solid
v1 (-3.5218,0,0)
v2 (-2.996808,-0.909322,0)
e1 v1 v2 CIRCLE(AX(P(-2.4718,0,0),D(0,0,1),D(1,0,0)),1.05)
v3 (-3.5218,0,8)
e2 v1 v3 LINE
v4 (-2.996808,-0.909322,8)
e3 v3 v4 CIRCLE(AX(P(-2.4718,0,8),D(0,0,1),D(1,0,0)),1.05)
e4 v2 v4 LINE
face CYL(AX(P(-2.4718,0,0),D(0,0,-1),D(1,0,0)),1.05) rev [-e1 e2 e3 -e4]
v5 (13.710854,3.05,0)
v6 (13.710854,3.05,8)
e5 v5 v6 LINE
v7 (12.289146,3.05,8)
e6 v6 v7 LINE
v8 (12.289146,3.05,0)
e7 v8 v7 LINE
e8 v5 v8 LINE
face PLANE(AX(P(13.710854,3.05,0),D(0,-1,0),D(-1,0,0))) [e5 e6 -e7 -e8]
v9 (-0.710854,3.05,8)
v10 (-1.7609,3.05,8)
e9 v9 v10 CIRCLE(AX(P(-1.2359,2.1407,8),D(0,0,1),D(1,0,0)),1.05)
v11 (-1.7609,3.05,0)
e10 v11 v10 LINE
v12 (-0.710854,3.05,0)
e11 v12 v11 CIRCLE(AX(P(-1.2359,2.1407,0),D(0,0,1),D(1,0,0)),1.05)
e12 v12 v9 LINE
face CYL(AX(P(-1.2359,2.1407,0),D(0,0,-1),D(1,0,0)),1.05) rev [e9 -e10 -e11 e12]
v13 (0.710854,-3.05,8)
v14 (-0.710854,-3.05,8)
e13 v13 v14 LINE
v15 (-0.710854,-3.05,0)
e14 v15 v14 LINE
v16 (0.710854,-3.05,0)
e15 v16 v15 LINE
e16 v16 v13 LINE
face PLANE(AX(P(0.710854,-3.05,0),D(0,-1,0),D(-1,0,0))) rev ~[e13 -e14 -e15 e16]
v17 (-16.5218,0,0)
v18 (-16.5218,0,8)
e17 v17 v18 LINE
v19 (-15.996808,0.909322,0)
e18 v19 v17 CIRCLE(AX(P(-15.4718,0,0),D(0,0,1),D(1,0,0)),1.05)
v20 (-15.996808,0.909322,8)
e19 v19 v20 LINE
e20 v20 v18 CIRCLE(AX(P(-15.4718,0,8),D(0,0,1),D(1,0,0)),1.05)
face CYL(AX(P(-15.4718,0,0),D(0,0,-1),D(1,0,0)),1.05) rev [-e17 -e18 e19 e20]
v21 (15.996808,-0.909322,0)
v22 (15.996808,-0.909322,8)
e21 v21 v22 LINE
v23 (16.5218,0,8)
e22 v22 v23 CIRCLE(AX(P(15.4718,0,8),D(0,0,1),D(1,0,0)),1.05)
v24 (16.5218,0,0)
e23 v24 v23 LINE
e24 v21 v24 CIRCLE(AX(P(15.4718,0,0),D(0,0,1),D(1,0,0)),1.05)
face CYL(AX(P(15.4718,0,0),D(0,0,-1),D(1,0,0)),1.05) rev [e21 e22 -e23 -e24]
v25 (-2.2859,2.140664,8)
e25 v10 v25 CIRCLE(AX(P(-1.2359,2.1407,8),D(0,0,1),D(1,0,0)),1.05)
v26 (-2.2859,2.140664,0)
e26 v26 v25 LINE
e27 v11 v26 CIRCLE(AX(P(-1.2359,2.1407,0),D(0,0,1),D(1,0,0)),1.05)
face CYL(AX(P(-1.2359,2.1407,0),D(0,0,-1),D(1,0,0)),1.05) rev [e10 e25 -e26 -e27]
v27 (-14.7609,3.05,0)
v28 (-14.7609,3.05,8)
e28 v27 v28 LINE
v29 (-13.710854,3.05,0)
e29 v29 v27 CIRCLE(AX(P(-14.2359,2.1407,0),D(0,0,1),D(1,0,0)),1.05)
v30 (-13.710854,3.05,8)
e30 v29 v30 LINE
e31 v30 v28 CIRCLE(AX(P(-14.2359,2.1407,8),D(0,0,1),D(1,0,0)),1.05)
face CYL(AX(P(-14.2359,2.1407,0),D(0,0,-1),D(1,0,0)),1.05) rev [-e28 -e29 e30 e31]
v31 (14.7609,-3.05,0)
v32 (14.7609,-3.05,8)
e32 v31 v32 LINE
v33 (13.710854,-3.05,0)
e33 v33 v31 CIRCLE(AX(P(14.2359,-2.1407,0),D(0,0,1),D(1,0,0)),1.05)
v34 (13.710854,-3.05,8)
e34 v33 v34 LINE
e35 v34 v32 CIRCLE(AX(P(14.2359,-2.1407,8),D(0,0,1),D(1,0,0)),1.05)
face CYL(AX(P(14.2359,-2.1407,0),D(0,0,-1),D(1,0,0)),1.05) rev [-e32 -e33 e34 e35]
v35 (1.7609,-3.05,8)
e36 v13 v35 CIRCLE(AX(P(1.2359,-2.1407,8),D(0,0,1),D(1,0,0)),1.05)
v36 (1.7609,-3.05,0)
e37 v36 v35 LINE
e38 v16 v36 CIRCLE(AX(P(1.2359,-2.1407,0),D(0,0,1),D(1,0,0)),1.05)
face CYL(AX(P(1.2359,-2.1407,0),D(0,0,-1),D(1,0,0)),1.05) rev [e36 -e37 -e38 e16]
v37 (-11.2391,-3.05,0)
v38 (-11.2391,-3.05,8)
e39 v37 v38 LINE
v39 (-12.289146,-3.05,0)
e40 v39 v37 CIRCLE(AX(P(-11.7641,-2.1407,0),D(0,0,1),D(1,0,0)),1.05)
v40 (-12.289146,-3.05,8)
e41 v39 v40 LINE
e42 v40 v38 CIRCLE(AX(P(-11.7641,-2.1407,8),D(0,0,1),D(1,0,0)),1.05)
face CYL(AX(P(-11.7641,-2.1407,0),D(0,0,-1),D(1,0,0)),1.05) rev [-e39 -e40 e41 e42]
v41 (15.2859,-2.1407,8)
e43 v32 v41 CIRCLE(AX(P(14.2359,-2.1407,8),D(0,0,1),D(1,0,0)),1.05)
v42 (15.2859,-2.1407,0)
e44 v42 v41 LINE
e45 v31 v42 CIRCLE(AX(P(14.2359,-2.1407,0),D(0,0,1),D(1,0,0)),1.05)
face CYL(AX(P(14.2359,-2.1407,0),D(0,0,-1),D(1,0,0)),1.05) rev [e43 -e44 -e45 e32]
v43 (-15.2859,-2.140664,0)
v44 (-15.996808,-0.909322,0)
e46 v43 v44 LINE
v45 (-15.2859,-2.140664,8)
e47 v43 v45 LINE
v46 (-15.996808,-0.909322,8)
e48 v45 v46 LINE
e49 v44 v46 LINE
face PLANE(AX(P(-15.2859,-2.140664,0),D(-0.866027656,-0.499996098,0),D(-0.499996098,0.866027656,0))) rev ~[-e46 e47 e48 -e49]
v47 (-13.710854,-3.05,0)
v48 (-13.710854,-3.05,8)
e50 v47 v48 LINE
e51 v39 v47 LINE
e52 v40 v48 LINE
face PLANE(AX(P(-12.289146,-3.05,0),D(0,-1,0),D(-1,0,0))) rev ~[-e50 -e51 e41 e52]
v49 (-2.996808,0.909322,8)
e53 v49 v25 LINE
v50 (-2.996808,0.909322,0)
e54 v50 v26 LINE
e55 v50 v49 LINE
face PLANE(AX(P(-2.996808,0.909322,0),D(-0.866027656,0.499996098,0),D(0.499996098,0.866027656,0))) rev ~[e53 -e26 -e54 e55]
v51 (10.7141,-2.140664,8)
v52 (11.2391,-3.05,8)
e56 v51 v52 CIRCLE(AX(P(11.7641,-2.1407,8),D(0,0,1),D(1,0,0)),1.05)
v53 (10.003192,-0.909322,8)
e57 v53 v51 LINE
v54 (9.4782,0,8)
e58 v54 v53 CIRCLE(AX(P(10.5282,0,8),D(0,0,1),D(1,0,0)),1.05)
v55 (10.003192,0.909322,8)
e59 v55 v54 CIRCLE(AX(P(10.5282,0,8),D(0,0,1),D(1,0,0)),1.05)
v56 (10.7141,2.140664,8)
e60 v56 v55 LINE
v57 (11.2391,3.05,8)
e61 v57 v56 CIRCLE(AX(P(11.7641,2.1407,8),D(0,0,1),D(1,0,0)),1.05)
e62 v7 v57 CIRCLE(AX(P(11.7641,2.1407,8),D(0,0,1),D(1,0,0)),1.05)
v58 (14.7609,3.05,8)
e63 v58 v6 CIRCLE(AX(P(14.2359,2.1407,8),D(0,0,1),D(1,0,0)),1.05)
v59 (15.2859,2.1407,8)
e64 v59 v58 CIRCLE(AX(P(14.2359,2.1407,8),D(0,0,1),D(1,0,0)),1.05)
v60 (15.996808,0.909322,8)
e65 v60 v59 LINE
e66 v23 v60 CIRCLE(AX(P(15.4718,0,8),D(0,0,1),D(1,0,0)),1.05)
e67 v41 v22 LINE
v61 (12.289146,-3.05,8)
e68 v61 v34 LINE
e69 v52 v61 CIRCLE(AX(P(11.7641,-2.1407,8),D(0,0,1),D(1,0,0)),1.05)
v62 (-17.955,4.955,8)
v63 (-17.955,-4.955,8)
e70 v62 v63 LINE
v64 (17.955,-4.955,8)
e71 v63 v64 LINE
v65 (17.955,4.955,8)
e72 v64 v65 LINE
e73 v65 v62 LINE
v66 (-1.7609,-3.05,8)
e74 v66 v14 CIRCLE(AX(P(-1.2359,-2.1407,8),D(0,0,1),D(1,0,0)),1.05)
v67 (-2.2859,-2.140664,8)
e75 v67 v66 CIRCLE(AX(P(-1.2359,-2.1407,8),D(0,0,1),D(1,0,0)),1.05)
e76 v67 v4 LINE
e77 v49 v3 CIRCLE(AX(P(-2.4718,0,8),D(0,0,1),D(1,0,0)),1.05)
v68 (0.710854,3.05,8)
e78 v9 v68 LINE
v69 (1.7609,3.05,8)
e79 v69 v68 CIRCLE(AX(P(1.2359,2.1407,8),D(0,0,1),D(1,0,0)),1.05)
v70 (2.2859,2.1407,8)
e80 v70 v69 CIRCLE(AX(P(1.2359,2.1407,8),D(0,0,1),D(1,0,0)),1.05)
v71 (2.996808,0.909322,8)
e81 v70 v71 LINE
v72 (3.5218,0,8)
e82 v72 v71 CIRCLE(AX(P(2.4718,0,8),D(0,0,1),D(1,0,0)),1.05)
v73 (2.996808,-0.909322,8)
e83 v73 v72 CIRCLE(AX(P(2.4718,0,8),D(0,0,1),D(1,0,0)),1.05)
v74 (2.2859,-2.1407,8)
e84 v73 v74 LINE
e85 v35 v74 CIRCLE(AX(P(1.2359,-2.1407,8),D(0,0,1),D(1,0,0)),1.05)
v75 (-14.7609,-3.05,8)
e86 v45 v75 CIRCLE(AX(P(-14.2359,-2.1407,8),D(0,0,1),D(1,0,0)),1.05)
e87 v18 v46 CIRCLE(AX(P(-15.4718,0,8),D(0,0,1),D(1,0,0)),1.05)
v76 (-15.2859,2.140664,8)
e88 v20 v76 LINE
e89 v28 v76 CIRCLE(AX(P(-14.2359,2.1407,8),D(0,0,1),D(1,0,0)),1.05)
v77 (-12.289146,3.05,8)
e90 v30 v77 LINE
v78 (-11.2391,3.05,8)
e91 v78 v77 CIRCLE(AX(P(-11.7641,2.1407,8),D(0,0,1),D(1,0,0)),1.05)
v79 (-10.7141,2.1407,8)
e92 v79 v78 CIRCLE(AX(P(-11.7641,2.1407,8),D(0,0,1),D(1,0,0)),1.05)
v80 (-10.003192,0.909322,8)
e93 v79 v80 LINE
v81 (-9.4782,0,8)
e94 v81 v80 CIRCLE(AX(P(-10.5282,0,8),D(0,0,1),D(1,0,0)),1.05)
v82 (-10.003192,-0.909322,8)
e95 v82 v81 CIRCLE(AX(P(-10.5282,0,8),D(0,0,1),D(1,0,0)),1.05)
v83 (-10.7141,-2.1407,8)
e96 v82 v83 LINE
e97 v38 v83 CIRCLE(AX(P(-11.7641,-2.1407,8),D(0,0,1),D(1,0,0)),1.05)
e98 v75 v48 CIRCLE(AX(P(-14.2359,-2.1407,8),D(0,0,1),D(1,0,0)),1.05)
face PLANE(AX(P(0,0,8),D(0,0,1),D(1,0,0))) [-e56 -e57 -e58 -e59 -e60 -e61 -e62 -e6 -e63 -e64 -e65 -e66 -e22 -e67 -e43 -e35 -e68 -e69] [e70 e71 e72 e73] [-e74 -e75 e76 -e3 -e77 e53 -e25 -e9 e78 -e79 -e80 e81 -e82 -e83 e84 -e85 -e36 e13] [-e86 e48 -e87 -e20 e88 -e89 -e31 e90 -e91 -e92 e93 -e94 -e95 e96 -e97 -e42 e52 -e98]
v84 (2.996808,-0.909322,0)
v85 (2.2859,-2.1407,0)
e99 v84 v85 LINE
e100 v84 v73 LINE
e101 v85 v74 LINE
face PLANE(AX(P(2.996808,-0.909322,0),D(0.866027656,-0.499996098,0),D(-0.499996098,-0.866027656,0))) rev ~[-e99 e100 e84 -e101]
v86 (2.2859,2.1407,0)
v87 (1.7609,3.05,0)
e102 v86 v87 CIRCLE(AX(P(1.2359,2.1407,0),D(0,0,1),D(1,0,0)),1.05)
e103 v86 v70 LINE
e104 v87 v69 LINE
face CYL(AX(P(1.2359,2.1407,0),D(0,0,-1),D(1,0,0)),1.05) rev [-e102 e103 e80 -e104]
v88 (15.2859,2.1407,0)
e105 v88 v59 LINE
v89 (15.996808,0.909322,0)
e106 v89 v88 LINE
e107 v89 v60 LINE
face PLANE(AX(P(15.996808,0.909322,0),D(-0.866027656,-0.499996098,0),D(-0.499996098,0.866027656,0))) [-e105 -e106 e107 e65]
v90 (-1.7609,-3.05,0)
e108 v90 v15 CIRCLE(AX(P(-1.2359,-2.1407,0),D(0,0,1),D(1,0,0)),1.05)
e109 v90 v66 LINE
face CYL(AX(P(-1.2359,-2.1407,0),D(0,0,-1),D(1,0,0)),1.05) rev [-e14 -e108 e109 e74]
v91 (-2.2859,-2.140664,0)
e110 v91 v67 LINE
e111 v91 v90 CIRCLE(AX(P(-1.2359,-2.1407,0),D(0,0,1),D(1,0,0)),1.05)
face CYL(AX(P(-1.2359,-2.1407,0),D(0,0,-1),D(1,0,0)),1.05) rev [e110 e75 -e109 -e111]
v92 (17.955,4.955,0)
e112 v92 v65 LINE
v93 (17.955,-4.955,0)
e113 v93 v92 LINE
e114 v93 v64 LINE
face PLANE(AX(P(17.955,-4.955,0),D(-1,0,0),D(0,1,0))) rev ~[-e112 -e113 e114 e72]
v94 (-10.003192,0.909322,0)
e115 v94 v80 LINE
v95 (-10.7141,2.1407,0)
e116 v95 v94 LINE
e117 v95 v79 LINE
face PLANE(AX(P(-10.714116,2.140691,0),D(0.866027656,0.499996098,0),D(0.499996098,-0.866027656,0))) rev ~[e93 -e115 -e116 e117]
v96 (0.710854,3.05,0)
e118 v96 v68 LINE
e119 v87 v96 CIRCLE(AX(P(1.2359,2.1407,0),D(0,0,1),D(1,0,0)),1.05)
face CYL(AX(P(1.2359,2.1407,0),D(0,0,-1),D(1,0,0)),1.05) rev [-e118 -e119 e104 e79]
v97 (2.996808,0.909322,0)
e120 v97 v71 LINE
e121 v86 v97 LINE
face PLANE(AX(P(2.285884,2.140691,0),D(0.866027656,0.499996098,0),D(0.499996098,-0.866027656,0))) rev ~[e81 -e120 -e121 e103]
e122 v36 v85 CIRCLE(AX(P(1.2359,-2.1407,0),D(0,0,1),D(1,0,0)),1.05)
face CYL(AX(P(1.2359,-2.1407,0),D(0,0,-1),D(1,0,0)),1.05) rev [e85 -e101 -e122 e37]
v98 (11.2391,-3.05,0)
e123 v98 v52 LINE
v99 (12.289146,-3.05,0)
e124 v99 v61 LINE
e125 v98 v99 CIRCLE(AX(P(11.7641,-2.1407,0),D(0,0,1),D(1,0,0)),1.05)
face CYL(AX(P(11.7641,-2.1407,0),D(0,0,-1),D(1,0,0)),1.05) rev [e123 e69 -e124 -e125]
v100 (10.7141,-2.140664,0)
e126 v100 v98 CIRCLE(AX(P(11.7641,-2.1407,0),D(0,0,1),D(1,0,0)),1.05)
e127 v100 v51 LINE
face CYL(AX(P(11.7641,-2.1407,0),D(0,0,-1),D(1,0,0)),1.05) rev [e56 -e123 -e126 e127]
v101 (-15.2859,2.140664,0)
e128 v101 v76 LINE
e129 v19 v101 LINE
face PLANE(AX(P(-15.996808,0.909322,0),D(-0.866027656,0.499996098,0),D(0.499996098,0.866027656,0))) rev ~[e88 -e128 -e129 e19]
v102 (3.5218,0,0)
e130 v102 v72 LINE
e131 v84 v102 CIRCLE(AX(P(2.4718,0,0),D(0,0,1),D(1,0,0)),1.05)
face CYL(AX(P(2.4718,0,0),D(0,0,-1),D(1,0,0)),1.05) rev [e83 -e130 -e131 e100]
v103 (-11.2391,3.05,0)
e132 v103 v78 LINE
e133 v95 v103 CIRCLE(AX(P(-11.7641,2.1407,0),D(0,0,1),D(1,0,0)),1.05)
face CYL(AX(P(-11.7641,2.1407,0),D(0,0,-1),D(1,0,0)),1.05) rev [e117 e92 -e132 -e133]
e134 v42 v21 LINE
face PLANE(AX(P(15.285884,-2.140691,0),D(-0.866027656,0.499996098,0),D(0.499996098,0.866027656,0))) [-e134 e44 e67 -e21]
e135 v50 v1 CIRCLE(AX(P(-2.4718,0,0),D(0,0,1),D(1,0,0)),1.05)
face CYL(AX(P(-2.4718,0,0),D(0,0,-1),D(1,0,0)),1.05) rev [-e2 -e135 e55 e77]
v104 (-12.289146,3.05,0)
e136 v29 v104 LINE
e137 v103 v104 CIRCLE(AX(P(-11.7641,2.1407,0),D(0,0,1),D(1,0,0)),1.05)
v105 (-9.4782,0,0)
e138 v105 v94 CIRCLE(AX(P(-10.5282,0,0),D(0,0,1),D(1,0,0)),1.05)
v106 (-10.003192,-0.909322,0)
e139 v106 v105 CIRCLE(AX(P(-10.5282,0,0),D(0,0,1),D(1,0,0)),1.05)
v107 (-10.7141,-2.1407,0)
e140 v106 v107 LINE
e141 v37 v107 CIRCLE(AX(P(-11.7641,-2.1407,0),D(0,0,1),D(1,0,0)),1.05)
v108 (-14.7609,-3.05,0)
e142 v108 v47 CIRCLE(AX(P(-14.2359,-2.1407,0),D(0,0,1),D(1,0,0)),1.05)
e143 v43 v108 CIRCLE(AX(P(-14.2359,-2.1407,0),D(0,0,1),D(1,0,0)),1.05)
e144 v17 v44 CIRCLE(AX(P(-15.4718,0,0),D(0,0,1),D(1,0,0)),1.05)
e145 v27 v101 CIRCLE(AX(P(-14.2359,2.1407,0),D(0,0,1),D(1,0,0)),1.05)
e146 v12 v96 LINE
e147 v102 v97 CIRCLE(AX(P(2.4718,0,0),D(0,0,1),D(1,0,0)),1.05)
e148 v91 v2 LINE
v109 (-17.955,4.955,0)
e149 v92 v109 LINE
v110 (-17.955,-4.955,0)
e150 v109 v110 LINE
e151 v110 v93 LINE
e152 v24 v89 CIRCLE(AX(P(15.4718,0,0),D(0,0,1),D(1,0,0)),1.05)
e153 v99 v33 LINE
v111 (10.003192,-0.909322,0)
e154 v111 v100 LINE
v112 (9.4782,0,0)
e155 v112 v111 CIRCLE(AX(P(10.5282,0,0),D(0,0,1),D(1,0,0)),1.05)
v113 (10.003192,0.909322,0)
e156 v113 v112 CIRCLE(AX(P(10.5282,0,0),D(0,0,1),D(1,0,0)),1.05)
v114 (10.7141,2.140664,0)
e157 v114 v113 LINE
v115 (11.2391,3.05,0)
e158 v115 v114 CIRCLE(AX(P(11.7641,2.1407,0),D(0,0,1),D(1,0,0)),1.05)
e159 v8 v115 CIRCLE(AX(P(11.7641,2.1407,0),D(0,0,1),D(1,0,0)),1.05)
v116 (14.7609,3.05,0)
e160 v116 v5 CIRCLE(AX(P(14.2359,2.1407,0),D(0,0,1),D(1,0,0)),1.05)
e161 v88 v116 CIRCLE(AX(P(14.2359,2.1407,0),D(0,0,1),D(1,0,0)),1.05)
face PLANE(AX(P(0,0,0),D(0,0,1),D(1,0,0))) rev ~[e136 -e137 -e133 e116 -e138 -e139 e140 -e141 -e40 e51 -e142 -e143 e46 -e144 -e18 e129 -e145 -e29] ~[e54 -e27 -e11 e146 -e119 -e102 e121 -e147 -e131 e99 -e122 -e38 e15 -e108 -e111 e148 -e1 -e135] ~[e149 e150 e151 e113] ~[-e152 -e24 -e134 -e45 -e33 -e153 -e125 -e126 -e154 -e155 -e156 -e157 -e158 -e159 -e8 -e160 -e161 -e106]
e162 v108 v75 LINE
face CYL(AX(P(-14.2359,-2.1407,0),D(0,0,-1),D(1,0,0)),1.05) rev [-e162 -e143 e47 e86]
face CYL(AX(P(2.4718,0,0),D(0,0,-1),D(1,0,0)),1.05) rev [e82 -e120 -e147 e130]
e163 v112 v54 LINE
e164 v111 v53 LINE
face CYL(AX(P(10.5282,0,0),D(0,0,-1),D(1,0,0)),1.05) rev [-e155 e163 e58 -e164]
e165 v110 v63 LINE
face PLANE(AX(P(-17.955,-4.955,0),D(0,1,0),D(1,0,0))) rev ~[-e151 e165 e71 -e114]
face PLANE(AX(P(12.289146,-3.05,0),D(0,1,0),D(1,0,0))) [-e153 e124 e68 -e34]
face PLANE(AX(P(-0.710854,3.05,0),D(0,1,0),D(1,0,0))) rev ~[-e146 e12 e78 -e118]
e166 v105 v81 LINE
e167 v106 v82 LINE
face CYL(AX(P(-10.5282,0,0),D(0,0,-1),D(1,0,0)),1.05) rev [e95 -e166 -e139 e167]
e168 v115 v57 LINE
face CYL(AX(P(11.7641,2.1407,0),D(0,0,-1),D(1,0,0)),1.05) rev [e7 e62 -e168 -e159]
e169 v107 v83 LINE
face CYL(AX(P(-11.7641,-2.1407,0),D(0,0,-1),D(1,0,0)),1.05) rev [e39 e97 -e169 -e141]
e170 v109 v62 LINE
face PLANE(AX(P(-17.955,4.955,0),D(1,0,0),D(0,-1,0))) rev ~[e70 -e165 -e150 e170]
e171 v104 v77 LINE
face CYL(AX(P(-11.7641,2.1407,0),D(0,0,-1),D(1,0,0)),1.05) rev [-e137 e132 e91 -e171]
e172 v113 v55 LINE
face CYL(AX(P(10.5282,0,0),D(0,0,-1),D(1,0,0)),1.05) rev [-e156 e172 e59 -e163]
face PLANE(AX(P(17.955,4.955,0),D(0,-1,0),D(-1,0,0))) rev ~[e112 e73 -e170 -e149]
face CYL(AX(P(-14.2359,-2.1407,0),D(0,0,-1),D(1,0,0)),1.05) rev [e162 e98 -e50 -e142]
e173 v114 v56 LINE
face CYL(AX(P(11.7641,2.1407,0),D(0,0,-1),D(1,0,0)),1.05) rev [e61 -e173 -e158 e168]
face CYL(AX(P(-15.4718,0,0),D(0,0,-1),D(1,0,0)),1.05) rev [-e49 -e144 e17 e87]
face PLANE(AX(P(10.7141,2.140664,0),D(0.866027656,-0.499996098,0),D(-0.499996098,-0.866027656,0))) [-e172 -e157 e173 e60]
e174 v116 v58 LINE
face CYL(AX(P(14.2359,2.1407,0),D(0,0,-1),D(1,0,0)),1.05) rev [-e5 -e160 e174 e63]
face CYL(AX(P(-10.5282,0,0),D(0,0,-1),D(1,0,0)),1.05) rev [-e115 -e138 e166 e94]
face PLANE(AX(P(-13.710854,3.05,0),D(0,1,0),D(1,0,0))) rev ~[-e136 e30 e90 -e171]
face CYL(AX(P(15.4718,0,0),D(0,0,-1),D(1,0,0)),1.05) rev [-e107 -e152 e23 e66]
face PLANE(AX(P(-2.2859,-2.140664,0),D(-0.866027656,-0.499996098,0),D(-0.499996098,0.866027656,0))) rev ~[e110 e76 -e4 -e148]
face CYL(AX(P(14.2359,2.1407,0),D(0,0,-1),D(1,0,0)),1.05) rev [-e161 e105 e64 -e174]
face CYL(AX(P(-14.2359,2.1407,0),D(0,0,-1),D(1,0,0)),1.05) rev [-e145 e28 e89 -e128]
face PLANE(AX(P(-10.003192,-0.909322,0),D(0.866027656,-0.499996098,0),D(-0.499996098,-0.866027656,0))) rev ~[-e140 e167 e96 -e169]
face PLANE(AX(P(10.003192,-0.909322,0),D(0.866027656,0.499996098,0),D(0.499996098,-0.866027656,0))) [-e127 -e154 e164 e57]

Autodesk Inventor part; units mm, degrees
ref_plane "YZ Plane" through (0, 0, 0) normal (1, 0, 0) x (0, 1, 0)
ref_plane "XZ Plane" through (0, 0, 0) normal (0, 1, 0) x (-1, 0, 0)
ref_plane "XY Plane" through (0, 0, 0) normal (0, 0, 1) x (1, 0, 0)
sketch "スケッチ1" plane through (0, 0, 0) normal (0, 0, 1) x (1, 0, 0)
  line L0 (-17.955, -4.955) -> (17.955, -4.955)
  line L1 (17.955, -4.955) -> (17.955, 4.955)
  line L2 (17.955, 4.955) -> (-17.955, 4.955)
  line L3 (-17.955, 4.955) -> (-17.955, -4.955)
  line L4 (-17.955, -4.955) -> (17.955, 4.955) construction
  line L5 (17.955, -4.955) -> (-17.955, 4.955) construction
  circle A0 centre (-13, 0) radius 1.55
  circle A1 centre (0, 0) radius 1.55
  line L6 (0, 0) -> (0, 4.955) construction
  line L7 (-12.5995, 4.955) -> (4.4005, 4.955) construction
  line L8 (-8.5, -4) -> (8.5, -4) construction
  line L9 (-11.2391, -3.05) -> (-14.7609, -3.05)
  line L10 (-14.7609, -3.05) -> (-16.5218, 0)
  line L11 (-16.5218, 0) -> (-14.7609, 3.05)
  line L12 (-14.7609, 3.05) -> (-11.2391, 3.05)
  line L13 (-11.2391, 3.05) -> (-9.4782, 0)
  line L14 (-9.4782, 0) -> (-11.2391, -3.05)
  circle A2 centre (-15.4718, 0) radius 1.05
  circle A3 centre (-14.2359, -2.1407) radius 1.05
  circle A4 centre (-11.7641, -2.1407) radius 1.05
  circle A5 centre (-10.5282, 0) radius 1.05
  circle A6 centre (-11.7641, 2.1407) radius 1.05
  circle A7 centre (-14.2359, 2.1407) radius 1.05
  circle A8 centre (13, 0) radius 1.55
  line L15 (11.2391, -3.05) -> (14.7609, -3.05)
  line L16 (14.7609, -3.05) -> (16.5218, 0)
  line L17 (16.5218, 0) -> (14.7609, 3.05)
  line L18 (14.7609, 3.05) -> (11.2391, 3.05)
  line L19 (11.2391, 3.05) -> (9.4782, 0)
  line L20 (9.4782, 0) -> (11.2391, -3.05)
  circle A9 centre (15.4718, 0) radius 1.05
  circle A10 centre (14.2359, -2.1407) radius 1.05
  circle A11 centre (11.7641, -2.1407) radius 1.05
  circle A12 centre (10.5282, 0) radius 1.05
  circle A13 centre (11.7641, 2.1407) radius 1.05
  circle A14 centre (14.2359, 2.1407) radius 1.05
  circle A15 centre (-13, 0) radius 4.955 construction
  line L21 (1.7609, -3.05) -> (-1.7609, -3.05)
  line L22 (-1.7609, -3.05) -> (-3.5218, 0)
  line L23 (-3.5218, 0) -> (-1.7609, 3.05)
  line L24 (-1.7609, 3.05) -> (1.7609, 3.05)
  line L25 (1.7609, 3.05) -> (3.5218, 0)
  line L26 (3.5218, 0) -> (1.7609, -3.05)
  circle A16 centre (-2.4718, 0) radius 1.05
  circle A17 centre (-1.2359, -2.1407) radius 1.05
  circle A18 centre (1.2359, -2.1407) radius 1.05
  circle A19 centre (2.4718, 0) radius 1.05
  circle A20 centre (1.2359, 2.1407) radius 1.05
  circle A21 centre (-1.2359, 2.1407) radius 1.05
  point P0 (-11.2391, -3.05)
  point P1 (-9.4782, 0)
  point P2 (-11.2391, 3.05)
  point P3 (-14.7609, 3.05)
  point P4 (11.2391, -3.05)
  point P5 (9.4782, 0)
  point P6 (11.2391, 3.05)
  point P7 (14.7609, 3.05)
  point P8 (-1.7609, -3.05)
  point P9 (1.7609, -3.05)
  point P10 (3.5218, 0)
  point P11 (1.7609, 3.05)
  point P12 (-1.7609, 3.05)
  dimension "d19" = 2.1
  dimension "d1" = 3.1
  dimension "d4" = 13
  dimension "d5" = 9.91
  dimension "d20" = 6.1
  dimension "d23" = 360
  dimension "d33" = 360
extrude "押し出し1" add sketch "スケッチ1" along normal blind 8
equation "\"d4\" = d0"
equation "\"d0\" = 13"
properties part number "胴体_サブフレーム_1_2" material "アセタール樹脂、黒"
